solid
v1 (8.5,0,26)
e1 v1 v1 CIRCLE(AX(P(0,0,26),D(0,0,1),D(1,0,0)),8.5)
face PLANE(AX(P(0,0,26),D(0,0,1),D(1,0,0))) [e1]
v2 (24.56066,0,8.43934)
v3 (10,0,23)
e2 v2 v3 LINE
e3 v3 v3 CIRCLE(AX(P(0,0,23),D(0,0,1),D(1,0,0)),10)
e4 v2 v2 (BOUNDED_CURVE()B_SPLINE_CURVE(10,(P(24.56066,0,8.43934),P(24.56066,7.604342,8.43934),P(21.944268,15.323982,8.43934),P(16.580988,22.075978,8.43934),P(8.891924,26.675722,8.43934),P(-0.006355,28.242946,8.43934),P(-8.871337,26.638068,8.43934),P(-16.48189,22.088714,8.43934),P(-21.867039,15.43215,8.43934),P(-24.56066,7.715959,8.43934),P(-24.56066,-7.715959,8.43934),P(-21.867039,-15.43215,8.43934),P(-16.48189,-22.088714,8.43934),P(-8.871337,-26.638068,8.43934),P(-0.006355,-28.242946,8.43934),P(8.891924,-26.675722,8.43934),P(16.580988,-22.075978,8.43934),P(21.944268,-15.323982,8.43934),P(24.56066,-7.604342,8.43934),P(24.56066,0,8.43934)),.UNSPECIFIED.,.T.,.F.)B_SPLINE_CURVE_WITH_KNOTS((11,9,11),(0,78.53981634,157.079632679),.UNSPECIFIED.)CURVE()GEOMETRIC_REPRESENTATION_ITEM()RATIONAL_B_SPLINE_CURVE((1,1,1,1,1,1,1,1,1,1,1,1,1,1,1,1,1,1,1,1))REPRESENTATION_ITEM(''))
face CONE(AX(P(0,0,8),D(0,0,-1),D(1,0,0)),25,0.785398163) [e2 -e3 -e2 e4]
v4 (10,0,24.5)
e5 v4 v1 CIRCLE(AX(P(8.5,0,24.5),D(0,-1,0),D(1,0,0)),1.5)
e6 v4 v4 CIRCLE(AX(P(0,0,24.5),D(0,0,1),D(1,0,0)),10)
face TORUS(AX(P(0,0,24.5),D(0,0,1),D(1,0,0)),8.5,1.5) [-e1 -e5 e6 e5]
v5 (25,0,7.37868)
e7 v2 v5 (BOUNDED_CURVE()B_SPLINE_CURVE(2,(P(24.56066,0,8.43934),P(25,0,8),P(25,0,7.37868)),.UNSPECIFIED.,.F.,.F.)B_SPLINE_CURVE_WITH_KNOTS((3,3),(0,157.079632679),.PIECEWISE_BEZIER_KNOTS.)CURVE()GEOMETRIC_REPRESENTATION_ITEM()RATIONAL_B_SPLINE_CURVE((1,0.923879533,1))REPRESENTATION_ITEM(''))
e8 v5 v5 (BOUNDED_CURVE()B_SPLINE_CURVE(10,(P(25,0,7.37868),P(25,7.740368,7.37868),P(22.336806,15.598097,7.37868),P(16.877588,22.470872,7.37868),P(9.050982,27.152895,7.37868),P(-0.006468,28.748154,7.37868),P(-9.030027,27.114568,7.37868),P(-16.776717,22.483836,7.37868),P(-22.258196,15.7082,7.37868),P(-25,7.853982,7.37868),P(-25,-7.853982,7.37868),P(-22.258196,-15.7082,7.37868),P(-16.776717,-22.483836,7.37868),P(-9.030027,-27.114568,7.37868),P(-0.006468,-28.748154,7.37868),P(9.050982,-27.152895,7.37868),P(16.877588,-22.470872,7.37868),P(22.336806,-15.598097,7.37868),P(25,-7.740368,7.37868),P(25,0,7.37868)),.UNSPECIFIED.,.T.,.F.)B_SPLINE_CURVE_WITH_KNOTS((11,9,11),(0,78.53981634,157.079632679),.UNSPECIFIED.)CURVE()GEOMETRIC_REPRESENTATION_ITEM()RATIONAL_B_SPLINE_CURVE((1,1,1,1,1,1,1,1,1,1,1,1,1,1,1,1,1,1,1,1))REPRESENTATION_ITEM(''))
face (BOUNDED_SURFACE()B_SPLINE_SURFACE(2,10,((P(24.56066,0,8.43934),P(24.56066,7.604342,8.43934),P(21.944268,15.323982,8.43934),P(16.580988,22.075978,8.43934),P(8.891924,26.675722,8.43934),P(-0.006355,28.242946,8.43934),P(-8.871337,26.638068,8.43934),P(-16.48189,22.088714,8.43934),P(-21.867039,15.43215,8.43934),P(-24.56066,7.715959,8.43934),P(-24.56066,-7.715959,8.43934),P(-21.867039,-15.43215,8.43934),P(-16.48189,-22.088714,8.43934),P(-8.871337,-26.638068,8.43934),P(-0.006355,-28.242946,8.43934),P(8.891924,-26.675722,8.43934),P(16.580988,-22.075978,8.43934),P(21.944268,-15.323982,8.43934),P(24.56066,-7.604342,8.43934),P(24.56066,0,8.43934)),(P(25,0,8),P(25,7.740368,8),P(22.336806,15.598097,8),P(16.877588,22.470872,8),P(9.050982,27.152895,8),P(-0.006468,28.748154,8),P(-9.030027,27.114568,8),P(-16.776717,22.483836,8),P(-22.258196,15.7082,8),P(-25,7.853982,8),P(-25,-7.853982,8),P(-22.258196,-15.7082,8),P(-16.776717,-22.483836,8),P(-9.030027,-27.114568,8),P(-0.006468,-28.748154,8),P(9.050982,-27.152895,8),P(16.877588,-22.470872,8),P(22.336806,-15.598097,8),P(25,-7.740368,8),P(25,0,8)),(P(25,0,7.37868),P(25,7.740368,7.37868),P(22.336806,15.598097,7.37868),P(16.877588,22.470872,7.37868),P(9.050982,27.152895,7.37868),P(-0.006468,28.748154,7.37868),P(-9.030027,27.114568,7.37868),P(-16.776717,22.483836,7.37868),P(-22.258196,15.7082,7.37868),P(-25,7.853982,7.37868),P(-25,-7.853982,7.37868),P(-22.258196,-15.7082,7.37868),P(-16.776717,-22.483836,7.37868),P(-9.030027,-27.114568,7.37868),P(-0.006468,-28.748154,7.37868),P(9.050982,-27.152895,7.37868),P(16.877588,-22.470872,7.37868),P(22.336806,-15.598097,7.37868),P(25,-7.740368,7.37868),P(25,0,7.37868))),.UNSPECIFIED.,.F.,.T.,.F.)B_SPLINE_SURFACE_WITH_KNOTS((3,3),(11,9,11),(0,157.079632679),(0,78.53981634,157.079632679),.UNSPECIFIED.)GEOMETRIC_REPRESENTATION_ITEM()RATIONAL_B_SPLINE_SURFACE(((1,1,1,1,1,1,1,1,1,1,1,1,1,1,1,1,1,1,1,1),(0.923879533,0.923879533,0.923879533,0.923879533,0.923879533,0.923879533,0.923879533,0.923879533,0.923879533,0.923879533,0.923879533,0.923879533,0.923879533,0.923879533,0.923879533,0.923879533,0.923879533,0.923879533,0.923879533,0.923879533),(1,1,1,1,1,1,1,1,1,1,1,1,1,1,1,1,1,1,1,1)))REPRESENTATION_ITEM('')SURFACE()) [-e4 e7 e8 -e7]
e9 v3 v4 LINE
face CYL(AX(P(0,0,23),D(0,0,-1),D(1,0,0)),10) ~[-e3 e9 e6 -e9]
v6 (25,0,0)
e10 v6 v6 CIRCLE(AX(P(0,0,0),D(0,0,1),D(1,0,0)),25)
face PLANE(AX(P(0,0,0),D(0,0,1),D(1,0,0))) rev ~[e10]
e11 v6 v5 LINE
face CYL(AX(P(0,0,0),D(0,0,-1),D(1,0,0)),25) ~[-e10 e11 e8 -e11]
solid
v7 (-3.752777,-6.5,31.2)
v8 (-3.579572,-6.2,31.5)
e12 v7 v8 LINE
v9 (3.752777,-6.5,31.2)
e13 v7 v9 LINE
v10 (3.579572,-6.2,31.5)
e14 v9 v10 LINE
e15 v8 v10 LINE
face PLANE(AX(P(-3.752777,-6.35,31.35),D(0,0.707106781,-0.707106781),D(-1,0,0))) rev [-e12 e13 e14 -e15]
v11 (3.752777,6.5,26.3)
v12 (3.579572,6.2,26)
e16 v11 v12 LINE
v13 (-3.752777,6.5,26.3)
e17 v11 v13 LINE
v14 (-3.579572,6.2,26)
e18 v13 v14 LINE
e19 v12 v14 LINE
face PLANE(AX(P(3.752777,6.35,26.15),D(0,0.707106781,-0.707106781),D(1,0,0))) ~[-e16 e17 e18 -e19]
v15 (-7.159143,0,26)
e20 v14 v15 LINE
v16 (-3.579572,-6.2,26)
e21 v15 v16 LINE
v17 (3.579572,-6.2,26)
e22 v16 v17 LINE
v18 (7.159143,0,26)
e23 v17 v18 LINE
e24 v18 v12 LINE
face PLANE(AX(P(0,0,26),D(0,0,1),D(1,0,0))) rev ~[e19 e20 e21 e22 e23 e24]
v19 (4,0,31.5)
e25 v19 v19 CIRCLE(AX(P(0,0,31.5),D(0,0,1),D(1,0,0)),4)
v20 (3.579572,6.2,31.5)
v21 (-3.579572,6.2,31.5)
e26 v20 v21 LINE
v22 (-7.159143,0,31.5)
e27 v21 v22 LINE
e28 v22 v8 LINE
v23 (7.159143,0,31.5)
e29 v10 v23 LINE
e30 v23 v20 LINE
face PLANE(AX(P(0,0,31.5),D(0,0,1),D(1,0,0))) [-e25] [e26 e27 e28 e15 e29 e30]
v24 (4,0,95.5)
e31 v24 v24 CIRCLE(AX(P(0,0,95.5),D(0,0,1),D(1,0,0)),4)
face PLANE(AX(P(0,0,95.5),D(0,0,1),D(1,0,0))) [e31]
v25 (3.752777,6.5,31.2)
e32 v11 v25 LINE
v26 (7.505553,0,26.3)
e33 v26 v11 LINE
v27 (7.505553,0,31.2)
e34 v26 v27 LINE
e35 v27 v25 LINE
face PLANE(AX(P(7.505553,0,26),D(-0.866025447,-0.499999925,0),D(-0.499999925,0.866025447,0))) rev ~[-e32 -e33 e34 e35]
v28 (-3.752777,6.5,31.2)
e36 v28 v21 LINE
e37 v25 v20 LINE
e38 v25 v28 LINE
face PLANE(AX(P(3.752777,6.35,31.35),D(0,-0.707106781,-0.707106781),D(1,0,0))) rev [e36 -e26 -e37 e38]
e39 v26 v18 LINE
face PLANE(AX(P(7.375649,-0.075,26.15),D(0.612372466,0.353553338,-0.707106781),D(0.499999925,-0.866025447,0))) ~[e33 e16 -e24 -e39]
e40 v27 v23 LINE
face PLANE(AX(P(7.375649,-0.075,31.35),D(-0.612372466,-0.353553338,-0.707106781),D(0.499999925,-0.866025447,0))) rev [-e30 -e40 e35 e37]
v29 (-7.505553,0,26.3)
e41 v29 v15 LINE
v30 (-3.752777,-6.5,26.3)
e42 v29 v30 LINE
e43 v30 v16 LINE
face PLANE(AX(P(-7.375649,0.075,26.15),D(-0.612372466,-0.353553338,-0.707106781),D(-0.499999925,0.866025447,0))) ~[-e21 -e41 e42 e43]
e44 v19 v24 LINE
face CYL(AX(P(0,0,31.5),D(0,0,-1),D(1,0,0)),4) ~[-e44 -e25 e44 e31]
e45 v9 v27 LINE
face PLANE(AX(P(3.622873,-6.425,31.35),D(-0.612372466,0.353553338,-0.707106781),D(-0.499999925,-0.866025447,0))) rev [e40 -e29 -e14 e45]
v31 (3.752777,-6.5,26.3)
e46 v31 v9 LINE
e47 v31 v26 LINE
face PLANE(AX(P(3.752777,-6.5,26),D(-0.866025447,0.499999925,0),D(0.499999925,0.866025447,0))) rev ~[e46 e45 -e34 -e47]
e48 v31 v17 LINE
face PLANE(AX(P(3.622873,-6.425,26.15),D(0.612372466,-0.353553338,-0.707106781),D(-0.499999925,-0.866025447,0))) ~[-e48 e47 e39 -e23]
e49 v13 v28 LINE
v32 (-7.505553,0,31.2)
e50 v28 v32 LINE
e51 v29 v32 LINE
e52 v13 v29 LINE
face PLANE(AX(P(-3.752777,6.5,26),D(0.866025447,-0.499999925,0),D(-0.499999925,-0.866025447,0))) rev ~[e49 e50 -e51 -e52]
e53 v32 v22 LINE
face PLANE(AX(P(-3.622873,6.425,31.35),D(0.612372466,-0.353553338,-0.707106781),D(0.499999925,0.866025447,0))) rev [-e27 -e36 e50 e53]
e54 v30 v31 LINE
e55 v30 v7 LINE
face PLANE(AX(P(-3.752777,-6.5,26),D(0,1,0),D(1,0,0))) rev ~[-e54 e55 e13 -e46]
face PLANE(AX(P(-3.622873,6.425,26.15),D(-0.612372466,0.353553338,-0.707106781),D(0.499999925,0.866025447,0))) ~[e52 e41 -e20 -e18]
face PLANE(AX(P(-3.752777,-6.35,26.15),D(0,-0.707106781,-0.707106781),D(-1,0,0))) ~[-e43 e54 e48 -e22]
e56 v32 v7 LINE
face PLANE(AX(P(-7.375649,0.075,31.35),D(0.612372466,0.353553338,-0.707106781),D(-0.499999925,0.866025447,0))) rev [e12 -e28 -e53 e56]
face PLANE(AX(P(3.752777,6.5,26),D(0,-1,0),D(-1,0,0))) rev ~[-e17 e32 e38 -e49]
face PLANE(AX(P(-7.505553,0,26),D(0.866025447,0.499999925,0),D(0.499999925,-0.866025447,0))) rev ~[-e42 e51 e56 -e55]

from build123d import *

# Parameters (mm, degrees)
SKETCH_R        = 25
PAD_DEPTH       = 23
CHAMFER_SIZE    = 15
SKETCH001_R     = 10
PAD001_DEPTH    = 3
FILLET_R        = 1.5
PAD002_DEPTH    = 5.5
CHAMFER001_SIZE = 0.3
SKETCH003_R     = 4
PAD003_DEPTH    = 64


with BuildPart() as body:
    # Sketch → Pad (new body)
    with BuildSketch(Plane.XY):
        Circle(SKETCH_R)
    extrude(amount=PAD_DEPTH)

    # Chamfer
    chamfer_edges = [body.edges().sort_by_distance(p)[0] for p in [
        (-25, 0, 23),
    ]]
    chamfer(chamfer_edges, length=CHAMFER_SIZE)

    # Sketch001 (on Face4 of Chamfer) → Pad001 (join)
    with BuildSketch(Plane.XY.offset(23)):
        Circle(SKETCH001_R)
    extrude(amount=PAD001_DEPTH)

    # Fillet
    fillet_edges = [body.edges().sort_by_distance(p)[0] for p in [
        (-10, 0, 26),
        (-25, 0, 8),
    ]]
    fillet(fillet_edges, radius=FILLET_R)


with BuildPart() as body001:
    # Sketch002 (on Face1 of CopyFillet) → Pad002 (new body)
    with BuildSketch(Plane.XY.offset(26)):
        Polygon((7.505553, 0), (3.752777, 6.5), (-3.752777, 6.5), (-7.505553, 0), (-3.752777, -6.5), (3.752777, -6.5), align=None)
    extrude(amount=PAD002_DEPTH)

    # Chamfer001
    chamfer001_edges = [body001.edges().sort_by_distance(p)[0] for p in [
        (5.629165, -3.25, 31.5),
        (5.629165, 3.25, 31.5),
        (0, 6.5, 31.5),
        (-5.629165, 3.25, 31.5),
        (-5.629165, -3.25, 31.5),
        (0, -6.5, 31.5),
        (0, -6.5, 26),
        (-5.629165, -3.25, 26),
        (-5.629165, 3.25, 26),
        (0, 6.5, 26),
        (5.629165, 3.25, 26),
        (5.629165, -3.25, 26),
    ]]
    chamfer(chamfer001_edges, length=CHAMFER001_SIZE)

    # Sketch003 (on Face11 of Chamfer001) → Pad003 (join)
    with BuildSketch(Plane.XY.offset(31.5)):
        Circle(SKETCH003_R)
    extrude(amount=PAD003_DEPTH)


solid = Compound([body.part, body001.part])
